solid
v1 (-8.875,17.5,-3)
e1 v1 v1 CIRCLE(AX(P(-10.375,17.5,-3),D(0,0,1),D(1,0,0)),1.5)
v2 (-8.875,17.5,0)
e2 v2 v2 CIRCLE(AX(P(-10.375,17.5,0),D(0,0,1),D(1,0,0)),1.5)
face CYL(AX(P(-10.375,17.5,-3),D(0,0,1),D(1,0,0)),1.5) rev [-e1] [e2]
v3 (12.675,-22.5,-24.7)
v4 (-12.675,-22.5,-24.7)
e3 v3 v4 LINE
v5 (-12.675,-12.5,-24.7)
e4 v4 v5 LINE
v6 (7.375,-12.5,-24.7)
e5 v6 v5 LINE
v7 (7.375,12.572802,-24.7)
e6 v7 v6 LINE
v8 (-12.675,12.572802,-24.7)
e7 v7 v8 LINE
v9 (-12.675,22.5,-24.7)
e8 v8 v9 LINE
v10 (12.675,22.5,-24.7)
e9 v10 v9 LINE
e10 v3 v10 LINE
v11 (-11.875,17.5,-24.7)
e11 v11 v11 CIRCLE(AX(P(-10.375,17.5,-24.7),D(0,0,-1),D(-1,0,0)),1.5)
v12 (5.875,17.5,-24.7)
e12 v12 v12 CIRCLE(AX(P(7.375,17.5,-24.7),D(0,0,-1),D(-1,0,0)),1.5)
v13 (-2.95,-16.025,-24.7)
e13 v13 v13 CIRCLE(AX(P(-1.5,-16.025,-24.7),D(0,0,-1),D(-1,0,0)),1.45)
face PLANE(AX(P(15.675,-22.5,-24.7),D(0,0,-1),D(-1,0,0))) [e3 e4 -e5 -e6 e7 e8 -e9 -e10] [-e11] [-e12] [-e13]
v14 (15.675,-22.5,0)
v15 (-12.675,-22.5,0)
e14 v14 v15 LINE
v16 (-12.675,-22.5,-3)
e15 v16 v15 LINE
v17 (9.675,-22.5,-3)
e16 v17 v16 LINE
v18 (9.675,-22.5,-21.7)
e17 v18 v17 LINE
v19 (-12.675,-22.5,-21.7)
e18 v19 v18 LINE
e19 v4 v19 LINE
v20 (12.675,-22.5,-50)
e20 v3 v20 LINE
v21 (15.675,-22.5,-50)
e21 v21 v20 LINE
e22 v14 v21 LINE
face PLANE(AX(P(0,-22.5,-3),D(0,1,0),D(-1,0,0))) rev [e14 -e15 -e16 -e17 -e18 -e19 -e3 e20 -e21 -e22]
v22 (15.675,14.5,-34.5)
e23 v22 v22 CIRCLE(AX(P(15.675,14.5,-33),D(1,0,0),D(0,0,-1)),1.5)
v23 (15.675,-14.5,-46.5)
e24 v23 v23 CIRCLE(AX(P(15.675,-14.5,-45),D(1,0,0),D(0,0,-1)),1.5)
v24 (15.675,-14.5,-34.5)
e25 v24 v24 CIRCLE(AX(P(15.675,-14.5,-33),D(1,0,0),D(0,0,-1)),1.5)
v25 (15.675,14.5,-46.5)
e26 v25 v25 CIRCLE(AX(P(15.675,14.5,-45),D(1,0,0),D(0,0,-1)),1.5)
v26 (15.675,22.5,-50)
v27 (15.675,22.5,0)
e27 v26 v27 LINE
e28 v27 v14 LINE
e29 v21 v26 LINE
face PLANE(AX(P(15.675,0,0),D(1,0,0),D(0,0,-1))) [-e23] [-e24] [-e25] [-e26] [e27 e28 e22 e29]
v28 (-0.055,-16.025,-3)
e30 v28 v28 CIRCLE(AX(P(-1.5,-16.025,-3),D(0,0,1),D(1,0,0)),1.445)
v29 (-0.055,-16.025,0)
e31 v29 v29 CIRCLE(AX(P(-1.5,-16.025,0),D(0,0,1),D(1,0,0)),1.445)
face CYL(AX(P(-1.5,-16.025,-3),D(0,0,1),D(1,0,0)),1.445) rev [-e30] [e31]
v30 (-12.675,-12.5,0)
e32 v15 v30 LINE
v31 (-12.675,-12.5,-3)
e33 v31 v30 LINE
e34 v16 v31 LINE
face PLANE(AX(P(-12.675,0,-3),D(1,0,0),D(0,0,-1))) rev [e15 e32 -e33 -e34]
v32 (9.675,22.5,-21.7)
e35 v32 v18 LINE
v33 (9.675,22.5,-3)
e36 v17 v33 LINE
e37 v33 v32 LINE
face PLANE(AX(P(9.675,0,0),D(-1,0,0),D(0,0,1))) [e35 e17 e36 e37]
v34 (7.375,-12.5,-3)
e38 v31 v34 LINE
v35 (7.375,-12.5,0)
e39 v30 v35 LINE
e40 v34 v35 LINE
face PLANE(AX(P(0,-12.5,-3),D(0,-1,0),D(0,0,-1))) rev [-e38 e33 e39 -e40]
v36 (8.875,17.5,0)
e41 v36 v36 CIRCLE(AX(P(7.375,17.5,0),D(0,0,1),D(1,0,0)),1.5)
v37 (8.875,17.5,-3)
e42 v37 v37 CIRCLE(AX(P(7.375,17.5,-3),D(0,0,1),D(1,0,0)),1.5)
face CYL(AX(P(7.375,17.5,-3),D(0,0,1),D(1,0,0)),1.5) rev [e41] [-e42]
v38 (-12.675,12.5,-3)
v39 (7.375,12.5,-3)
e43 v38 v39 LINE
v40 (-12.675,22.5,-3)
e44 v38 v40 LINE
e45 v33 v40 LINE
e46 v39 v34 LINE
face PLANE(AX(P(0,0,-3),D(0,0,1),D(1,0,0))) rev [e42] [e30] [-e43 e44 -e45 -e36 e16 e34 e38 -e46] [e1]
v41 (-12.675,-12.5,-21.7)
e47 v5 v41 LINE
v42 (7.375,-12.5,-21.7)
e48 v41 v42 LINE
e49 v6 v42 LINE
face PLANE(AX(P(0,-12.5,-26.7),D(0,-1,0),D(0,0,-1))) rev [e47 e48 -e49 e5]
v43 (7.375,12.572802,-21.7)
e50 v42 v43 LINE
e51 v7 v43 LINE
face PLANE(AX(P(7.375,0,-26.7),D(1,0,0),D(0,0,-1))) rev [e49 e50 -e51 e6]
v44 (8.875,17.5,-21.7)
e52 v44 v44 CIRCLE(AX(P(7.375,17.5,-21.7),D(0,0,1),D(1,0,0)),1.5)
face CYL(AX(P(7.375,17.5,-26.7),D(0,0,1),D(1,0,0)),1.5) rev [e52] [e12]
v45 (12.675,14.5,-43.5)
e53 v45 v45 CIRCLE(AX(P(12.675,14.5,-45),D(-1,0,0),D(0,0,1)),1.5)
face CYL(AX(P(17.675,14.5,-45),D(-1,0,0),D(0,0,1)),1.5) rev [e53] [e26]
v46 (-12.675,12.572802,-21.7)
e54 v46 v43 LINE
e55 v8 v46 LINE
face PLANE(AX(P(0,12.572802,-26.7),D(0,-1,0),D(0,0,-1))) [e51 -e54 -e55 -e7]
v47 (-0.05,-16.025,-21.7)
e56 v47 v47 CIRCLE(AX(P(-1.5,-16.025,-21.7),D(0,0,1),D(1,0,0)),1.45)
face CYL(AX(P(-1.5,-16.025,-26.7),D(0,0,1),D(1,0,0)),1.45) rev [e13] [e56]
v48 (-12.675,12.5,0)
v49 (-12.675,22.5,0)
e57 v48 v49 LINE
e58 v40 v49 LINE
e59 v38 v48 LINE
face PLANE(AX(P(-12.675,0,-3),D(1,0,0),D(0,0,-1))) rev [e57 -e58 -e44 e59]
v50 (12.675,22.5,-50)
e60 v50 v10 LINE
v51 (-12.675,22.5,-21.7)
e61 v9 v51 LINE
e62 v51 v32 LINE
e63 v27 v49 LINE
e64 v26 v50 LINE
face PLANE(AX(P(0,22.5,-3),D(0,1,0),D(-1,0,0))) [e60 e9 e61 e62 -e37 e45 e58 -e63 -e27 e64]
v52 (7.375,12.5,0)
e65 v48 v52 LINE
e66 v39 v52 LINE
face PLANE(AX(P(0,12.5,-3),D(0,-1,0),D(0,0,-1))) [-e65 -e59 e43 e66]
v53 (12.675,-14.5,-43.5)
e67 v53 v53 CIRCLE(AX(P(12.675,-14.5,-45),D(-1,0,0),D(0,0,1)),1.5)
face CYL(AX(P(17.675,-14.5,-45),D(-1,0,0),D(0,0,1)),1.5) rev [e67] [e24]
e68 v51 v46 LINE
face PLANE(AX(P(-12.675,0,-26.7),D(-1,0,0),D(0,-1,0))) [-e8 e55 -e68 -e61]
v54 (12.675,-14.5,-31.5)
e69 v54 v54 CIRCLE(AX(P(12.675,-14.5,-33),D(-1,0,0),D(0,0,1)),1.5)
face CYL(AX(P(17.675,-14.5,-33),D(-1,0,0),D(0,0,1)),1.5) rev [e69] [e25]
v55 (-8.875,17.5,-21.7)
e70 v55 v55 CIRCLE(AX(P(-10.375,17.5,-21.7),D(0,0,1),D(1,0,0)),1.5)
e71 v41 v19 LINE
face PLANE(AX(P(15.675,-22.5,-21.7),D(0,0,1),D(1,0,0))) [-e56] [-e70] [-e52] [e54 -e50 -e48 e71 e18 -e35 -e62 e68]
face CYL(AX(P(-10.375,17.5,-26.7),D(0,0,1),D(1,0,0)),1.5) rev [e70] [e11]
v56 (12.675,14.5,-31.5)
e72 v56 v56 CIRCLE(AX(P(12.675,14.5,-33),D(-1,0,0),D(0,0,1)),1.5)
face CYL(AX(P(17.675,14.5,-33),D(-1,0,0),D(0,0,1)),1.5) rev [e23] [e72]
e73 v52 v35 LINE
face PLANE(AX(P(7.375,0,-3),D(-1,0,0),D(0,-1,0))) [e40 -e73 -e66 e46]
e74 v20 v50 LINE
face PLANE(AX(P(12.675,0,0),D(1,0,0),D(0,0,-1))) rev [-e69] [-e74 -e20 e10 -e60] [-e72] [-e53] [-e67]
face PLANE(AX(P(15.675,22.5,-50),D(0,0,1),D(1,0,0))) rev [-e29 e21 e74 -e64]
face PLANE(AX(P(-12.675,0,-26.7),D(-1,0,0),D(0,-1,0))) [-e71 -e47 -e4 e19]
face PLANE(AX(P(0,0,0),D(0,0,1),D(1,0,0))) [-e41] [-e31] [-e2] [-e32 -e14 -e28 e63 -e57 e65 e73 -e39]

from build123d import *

# Parameters (mm, degrees)
SKETCH2_W           = 5.3
SKETCH2_H           = 25
SKETCH2_R           = 1.5
SKETCH2_R_2         = 1.445
BOSS_EXTRUDE1_DEPTH = 3
SKETCH3_W           = 50
SKETCH3_H           = 45
BOSS_EXTRUDE2_DEPTH = 3
SKETCH7_W           = 38.35
SKETCH7_H           = 3
BOSS_EXTRUDE3_DEPTH = 45
CUT_EXTRUDE1_DEPTH  = 5
SKETCH14_R          = 1.5
SKETCH14_R_2        = 1.45
CUT_EXTRUDE5_DEPTH  = 5
SKETCH15_R          = 1.5
CUT_EXTRUDE6_DEPTH  = 5
SKETCH12_W          = 18.7
SKETCH12_H          = 45
BOSS_EXTRUDE4_DEPTH = 3


with BuildPart() as part:
    # Sketch2 → Boss-Extrude1 (new body)
    # profile 1 of 3: a face of its own
    with BuildSketch(Plane.XY):
        with Locations((10.025, 0)):
            Rectangle(SKETCH2_W, SKETCH2_H)
    # profile 2 of 3: a face of its own
    with BuildSketch(Plane.XY):
        Polygon((7.375, 12.5), (12.675, 12.5), (12.675, 22.5), (-12.675, 22.5), (-12.675, 12.5), align=None)
        with Locations((-10.375, 17.5)):
            Circle(SKETCH2_R, mode=Mode.SUBTRACT)
        with Locations((7.375, 17.5)):
            Circle(SKETCH2_R, mode=Mode.SUBTRACT)
    # profile 3 of 3: a face of its own
    with BuildSketch(Plane.XY):
        Polygon((-12.675, -22.5), (12.675, -22.5), (12.675, -12.5), (7.375, -12.5), (-12.675, -12.5), align=None)
        with Locations((-1.5, -16.025)):
            Circle(SKETCH2_R_2, mode=Mode.SUBTRACT)
    extrude(amount=-BOSS_EXTRUDE1_DEPTH)

    # Sketch3 → Boss-Extrude2 (add)
    with BuildSketch(Plane(origin=(12.675, 0, 0), x_dir=(0, 0, -1), z_dir=(1, 0, 0))):
        with Locations((25, 0)):
            Rectangle(SKETCH3_W, SKETCH3_H)
    extrude(amount=BOSS_EXTRUDE2_DEPTH)

    # Sketch7 → Boss-Extrude3 (add)
    with BuildSketch(Plane(origin=(0, 22.5, 0), x_dir=(1, 0, 0), z_dir=(0, 1, 0))):
        with Locations((-3.5, 23.2)):
            Rectangle(SKETCH7_W, SKETCH7_H)
    extrude(amount=-BOSS_EXTRUDE3_DEPTH)

    # Sketch8 → Cut-Extrude1 (cut)
    with BuildSketch(Plane.XY.offset(-21.7)):
        Polygon((-12.675, 12.572802409), (-12.675, 22.5), (-22.675, 22.5), (-22.675, -22.5), (-12.675, -22.5), (-12.675, -12.5), (7.375, -12.5), (7.375, 12.572802409), align=None)
    extrude(amount=-CUT_EXTRUDE1_DEPTH, mode=Mode.SUBTRACT)

    # Sketch14 → Cut-Extrude5 (cut)
    with BuildSketch(Plane.XY.offset(-21.7)):
        with Locations((-10.375, 17.5)):
            Circle(SKETCH14_R)
        with Locations((7.375, 17.5)):
            Circle(SKETCH14_R)
        with Locations((-1.5, -16.025)):
            Circle(SKETCH14_R_2)
    extrude(amount=-CUT_EXTRUDE5_DEPTH, mode=Mode.SUBTRACT)

    # Sketch15 → Cut-Extrude6 (cut)
    with BuildSketch(Plane.ZY.offset(-12.675)):
        with Locations((-33, 14.5)):
            Circle(SKETCH15_R)
        with Locations((-33, -14.5)):
            Circle(SKETCH15_R)
        with Locations((-45, 14.5)):
            Circle(SKETCH15_R)
        with Locations((-45, -14.5)):
            Circle(SKETCH15_R)
    extrude(amount=-CUT_EXTRUDE6_DEPTH, mode=Mode.SUBTRACT)

    # Sketch12 → Boss-Extrude4 (add)
    with BuildSketch(Plane.ZY.offset(-12.675)):
        with Locations((-12.35, 0)):
            Rectangle(SKETCH12_W, SKETCH12_H)
    extrude(amount=BOSS_EXTRUDE4_DEPTH)


solid = part.part
